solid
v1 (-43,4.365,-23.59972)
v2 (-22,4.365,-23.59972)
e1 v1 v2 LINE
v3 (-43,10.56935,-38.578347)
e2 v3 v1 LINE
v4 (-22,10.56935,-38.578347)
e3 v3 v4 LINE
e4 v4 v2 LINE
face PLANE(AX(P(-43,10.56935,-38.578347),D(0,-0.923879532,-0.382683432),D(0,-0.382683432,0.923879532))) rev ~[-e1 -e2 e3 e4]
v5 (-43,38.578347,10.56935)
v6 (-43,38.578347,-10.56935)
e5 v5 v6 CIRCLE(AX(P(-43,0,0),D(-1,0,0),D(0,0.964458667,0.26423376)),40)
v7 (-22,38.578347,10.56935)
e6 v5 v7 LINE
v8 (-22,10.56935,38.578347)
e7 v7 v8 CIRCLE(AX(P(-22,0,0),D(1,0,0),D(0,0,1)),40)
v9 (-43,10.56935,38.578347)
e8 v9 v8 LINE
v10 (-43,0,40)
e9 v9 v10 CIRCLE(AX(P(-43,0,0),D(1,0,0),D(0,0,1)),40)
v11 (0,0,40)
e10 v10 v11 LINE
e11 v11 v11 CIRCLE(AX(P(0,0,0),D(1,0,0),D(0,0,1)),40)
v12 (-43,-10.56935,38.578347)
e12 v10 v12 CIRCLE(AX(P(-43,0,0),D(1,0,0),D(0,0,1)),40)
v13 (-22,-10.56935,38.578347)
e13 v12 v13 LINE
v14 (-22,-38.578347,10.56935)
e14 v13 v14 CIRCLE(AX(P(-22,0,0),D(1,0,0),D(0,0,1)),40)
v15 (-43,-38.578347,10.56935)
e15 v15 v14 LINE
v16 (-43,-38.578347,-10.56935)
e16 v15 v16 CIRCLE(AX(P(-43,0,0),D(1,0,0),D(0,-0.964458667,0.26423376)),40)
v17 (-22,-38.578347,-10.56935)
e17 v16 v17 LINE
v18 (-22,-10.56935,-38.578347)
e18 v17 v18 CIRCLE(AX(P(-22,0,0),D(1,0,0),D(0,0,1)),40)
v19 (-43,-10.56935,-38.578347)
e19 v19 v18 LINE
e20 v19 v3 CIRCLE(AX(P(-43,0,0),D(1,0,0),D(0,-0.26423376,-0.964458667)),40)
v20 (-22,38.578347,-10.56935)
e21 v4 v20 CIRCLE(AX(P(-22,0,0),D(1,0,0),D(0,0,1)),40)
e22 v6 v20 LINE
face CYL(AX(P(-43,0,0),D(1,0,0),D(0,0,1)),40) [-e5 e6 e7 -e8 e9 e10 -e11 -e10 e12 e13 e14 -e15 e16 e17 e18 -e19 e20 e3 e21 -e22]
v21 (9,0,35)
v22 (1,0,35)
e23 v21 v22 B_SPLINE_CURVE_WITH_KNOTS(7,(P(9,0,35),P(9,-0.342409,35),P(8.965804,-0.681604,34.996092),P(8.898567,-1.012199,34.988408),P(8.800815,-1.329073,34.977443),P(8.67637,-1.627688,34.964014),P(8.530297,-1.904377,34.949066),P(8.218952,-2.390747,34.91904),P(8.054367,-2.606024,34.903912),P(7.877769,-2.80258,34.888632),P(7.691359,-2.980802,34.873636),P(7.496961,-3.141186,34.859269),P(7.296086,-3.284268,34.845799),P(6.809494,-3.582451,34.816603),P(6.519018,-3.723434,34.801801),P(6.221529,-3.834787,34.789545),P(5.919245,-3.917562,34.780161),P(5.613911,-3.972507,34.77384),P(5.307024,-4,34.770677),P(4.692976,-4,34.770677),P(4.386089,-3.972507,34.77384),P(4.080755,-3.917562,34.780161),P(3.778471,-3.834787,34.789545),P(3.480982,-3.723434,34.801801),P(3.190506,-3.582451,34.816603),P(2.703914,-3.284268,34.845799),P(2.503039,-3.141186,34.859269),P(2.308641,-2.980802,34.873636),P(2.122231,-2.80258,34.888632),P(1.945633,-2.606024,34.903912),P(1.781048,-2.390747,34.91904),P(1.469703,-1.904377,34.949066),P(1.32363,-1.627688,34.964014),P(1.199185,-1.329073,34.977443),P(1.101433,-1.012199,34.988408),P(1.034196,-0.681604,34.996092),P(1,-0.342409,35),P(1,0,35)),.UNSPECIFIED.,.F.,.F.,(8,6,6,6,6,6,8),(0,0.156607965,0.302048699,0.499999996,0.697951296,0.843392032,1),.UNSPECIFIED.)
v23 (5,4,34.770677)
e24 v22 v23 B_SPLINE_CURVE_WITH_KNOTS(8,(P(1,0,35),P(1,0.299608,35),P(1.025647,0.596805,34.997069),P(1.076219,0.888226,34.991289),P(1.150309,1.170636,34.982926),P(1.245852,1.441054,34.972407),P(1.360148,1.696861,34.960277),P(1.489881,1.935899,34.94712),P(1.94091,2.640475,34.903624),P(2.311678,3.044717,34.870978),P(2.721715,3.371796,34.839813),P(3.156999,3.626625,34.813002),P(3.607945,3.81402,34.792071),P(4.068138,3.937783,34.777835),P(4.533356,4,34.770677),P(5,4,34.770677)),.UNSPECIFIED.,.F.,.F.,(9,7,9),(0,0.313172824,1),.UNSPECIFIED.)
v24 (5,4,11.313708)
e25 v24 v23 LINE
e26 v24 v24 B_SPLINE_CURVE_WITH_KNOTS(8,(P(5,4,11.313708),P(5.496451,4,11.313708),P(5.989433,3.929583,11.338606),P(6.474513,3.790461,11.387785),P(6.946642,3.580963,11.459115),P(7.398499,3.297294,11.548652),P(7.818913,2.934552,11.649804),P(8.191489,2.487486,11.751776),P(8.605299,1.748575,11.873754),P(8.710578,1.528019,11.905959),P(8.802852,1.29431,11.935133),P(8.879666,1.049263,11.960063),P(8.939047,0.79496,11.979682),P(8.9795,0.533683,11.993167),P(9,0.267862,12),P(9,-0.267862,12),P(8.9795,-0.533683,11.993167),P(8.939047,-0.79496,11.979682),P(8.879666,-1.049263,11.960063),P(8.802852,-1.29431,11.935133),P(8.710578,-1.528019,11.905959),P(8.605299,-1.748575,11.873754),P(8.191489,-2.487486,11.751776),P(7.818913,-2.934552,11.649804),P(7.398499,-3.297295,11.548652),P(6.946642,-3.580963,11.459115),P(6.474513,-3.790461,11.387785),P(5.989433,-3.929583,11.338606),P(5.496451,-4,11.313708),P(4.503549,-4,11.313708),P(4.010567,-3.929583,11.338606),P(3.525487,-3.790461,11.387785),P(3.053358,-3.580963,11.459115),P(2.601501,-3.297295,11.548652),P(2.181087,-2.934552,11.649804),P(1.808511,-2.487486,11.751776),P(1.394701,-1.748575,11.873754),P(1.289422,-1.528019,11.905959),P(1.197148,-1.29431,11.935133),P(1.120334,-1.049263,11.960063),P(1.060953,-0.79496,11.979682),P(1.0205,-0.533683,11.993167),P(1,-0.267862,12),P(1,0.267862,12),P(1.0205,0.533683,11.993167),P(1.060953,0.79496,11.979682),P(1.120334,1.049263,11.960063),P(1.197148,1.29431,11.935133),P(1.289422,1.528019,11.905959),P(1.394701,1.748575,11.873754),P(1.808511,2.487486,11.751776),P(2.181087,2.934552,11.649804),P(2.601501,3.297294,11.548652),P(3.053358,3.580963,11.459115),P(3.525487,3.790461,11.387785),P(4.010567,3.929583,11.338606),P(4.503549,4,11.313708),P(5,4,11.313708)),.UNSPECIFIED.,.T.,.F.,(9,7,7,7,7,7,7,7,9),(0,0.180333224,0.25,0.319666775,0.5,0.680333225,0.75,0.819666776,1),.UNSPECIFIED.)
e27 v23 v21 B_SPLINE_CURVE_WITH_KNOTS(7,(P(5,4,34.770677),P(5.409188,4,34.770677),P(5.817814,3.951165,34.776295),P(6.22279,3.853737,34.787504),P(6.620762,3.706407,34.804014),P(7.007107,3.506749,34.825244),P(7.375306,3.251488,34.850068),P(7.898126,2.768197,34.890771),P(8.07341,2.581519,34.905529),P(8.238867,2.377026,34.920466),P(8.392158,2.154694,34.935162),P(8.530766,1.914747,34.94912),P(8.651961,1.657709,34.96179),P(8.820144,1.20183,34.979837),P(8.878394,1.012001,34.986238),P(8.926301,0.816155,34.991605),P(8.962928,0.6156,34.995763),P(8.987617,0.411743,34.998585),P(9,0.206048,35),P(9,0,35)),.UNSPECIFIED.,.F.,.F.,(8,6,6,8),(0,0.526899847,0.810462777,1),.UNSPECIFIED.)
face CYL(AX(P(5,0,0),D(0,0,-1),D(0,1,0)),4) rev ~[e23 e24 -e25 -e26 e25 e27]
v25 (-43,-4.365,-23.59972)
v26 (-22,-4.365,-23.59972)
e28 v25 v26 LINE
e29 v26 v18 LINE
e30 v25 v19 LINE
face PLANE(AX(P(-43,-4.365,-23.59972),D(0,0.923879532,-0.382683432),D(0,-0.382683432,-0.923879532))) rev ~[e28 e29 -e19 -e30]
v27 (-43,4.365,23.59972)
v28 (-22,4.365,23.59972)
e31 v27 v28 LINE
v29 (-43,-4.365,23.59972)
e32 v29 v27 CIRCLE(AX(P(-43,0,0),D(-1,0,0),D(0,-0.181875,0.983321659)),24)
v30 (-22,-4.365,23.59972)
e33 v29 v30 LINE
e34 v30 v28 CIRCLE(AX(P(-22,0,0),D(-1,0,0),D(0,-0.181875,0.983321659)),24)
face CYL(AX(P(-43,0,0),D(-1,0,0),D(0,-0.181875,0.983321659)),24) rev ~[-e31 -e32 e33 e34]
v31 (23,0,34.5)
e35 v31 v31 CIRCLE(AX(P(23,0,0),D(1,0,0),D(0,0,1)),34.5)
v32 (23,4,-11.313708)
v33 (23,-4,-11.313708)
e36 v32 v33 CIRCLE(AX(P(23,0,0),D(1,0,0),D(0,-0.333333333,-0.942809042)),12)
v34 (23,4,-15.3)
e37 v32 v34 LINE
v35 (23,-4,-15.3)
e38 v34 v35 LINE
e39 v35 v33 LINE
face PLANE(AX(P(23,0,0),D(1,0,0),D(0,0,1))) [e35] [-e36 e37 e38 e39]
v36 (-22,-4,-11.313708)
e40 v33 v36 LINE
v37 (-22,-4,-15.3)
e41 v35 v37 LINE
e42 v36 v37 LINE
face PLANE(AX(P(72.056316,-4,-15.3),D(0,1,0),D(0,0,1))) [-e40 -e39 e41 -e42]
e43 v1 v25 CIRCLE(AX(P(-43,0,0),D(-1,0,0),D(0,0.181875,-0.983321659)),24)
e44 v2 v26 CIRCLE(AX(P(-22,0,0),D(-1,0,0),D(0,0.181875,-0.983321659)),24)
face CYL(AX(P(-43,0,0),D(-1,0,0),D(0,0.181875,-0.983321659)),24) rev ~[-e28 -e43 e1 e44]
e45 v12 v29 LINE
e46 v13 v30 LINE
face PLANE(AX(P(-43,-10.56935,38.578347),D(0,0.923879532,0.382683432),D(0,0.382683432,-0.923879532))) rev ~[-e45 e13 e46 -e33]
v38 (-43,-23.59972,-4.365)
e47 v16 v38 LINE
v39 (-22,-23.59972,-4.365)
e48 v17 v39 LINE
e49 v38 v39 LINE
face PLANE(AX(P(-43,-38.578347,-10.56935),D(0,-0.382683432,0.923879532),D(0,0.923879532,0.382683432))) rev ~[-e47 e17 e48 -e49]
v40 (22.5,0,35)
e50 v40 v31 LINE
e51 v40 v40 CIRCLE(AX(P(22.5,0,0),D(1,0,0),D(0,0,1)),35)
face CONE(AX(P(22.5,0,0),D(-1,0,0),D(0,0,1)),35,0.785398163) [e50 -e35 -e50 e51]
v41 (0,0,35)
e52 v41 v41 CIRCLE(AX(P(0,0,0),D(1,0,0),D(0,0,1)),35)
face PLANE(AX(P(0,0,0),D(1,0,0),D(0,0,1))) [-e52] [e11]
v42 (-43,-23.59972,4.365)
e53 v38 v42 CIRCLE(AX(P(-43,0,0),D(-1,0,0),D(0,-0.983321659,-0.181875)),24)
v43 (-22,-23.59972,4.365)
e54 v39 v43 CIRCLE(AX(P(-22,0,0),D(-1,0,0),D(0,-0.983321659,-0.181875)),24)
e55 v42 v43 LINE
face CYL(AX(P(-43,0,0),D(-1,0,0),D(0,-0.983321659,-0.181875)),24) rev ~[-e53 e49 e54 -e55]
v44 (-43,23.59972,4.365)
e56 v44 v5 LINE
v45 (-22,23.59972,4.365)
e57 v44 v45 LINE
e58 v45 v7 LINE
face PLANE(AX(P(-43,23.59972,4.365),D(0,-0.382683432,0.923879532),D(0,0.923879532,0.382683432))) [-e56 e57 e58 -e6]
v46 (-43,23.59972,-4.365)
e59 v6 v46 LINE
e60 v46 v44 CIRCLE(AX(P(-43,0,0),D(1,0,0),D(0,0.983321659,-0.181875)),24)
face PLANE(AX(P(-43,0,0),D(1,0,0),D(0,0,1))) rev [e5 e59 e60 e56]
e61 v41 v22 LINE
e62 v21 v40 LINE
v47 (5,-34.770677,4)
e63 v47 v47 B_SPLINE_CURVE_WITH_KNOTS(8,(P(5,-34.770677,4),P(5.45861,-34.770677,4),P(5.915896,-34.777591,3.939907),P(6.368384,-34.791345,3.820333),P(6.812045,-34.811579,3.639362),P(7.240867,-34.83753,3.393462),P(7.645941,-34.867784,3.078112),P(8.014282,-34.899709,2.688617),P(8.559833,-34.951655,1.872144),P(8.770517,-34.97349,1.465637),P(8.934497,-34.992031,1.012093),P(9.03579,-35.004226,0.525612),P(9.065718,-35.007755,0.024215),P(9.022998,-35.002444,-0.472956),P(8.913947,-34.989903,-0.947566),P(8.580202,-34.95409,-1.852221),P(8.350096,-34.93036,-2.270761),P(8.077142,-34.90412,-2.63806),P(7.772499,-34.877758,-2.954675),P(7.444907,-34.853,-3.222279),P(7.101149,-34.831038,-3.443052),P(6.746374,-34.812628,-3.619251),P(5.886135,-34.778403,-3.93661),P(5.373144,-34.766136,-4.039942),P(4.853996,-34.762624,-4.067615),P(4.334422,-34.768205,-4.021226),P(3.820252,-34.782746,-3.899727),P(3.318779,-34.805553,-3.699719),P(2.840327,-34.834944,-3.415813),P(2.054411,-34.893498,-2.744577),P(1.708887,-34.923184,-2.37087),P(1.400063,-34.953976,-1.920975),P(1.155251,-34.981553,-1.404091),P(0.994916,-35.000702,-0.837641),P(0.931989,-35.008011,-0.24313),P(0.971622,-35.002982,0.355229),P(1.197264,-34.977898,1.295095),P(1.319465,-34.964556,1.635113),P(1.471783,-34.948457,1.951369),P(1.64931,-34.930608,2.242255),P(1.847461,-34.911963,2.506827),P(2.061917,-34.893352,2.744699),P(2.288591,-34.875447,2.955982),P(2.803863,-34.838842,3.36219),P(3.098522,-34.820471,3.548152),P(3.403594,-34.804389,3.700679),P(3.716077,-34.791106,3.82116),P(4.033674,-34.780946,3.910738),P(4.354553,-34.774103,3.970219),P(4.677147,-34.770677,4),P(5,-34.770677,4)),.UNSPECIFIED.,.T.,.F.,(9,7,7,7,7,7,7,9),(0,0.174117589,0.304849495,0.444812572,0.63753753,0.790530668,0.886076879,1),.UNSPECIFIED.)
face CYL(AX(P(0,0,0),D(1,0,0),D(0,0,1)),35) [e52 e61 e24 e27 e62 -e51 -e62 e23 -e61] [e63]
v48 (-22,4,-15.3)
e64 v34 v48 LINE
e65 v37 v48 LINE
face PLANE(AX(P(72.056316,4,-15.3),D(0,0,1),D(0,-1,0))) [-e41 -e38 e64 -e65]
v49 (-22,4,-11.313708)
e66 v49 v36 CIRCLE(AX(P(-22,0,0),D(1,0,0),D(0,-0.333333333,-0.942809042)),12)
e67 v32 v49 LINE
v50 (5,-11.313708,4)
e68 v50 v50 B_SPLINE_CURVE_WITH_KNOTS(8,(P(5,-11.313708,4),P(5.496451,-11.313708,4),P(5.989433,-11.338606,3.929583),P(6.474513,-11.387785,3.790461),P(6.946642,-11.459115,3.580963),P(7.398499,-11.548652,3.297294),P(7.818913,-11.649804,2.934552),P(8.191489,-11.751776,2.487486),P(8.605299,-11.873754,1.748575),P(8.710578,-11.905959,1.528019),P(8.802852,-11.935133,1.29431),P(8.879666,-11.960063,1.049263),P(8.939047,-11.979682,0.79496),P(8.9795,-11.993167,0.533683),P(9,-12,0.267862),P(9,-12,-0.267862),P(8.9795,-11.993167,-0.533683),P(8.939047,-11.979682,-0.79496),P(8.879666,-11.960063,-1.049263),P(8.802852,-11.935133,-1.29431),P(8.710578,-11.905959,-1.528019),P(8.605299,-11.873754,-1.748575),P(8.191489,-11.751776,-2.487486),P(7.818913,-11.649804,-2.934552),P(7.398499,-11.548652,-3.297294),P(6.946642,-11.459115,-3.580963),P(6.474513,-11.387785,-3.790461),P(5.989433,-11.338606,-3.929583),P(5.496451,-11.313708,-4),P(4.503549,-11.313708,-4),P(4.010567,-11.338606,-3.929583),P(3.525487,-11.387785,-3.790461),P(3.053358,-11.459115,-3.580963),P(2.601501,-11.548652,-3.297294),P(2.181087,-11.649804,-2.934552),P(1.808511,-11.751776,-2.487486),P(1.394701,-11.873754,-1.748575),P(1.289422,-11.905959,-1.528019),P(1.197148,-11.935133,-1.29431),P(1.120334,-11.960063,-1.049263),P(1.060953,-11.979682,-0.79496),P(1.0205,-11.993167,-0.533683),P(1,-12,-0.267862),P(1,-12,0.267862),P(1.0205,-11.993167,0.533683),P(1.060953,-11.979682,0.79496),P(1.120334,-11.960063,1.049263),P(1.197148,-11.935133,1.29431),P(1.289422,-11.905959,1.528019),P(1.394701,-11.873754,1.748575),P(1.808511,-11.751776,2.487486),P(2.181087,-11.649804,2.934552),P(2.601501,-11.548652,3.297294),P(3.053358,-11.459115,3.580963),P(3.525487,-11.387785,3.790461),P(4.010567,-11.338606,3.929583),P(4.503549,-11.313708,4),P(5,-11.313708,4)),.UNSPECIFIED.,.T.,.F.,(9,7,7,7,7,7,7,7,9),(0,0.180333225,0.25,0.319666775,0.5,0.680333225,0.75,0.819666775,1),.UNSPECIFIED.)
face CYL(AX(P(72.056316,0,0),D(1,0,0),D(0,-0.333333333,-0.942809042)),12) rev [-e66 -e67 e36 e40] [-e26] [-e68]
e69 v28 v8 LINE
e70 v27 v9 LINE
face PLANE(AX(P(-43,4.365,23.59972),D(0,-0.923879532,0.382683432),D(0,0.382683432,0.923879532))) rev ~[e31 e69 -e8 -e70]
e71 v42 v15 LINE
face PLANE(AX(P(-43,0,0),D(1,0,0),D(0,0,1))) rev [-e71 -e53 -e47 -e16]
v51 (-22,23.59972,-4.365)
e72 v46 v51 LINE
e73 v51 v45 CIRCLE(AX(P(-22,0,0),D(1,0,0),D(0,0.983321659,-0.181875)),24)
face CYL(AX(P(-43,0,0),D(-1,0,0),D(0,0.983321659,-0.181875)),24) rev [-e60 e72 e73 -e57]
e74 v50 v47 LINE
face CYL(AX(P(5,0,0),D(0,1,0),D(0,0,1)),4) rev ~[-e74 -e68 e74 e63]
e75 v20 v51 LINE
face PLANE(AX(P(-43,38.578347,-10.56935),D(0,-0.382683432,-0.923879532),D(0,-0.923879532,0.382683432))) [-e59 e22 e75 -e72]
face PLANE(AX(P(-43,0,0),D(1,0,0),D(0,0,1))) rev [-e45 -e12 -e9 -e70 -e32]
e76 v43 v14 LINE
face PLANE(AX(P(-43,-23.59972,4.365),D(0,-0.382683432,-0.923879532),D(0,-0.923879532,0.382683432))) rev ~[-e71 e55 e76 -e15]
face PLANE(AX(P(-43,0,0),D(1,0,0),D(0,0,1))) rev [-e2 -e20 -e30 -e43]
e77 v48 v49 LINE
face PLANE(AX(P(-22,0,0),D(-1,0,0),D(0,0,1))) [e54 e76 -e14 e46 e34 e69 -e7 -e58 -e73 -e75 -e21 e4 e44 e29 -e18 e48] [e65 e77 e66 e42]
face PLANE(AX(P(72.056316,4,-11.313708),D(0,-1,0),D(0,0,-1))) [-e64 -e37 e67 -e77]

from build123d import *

# Parameters (mm, degrees)
CHAMFER1_SIZE           = 0.5
SKETCH2_OUTSIDE_W       = 108.196
SKETCH2_OUTSIDE_H       = 108.196
CUT_EXTRUDE1_DEPTH      = 21
CUT_EXTRUDE2_DEPTH      = 72.056315694
CUT_EXTRUDE2_DEPTH_BACK = 72.056315694
SKETCH6_R               = 4
CUT_EXTRUDE3_DEPTH      = 72.056315694
CIRPATTERN1_COUNT       = 2
CIRPATTERN1_ANGLE       = 90


with BuildPart() as part:
    # Sketch1 → Revolve1 (revolve)
    with BuildSketch(Plane.XY, mode=Mode.PRIVATE) as revolve1_sk:
        Polygon((-43, 40), (0, 40), (0, 35), (23, 35), (23, 0), (-43, 0), align=None)
    revolve(revolve1_sk.sketch.rotate(Axis((-50.16, 0, 0), (1, 0, 0)), 90), axis=Axis((-50.16, 0, 0), (1, 0, 0)))

    # Chamfer1
    chamfer1_edges = [part.edges().sort_by_distance(p)[0] for p in [
        (23, 0, -35),
    ]]
    chamfer(chamfer1_edges, length=CHAMFER1_SIZE)

    # Sketch2 outside → Cut-Extrude1 (cut)
    with BuildSketch(Plane.ZY.offset(43)):
        Rectangle(SKETCH2_OUTSIDE_W, SKETCH2_OUTSIDE_H)
        with BuildLine():
            Line((38.578346676, -10.569350395), (23.599719808, -4.365))
            ThreePointArc((23.599719808, -4.365), (24, 0), (23.599719808, 4.365))
            Line((23.599719808, 4.365), (38.578346676, 10.569350395))
            ThreePointArc((38.578346676, 10.569350395), (40, 0), (38.578346676, -10.569350395))
        make_face(mode=Mode.SUBTRACT)
        with BuildLine():
            Line((-10.569350395, 38.578346676), (-4.365, 23.599719808))
            ThreePointArc((-4.365, 23.599719808), (0, 24), (4.365, 23.599719808))
            Line((4.365, 23.599719808), (10.569350395, 38.578346676))
            ThreePointArc((10.569350395, 38.578346676), (0, 40), (-10.569350395, 38.578346676))
        make_face(mode=Mode.SUBTRACT)
        with BuildLine():
            Line((-10.569350395, -38.578346676), (-4.365, -23.599719808))
            ThreePointArc((-4.365, -23.599719808), (0, -24), (4.365, -23.599719808))
            Line((4.365, -23.599719808), (10.569350395, -38.578346676))
            ThreePointArc((10.569350395, -38.578346676), (0, -40), (-10.569350395, -38.578346676))
        make_face(mode=Mode.SUBTRACT)
        with BuildLine():
            Line((-38.578346676, 10.569350395), (-23.599719808, 4.365))
            ThreePointArc((-23.599719808, 4.365), (-24, 0), (-23.599719808, -4.365))
            Line((-23.599719808, -4.365), (-38.578346676, -10.569350395))
            ThreePointArc((-38.578346676, -10.569350395), (-40, 0), (-38.578346676, 10.569350395))
        make_face(mode=Mode.SUBTRACT)
    extrude(amount=-CUT_EXTRUDE1_DEPTH, mode=Mode.SUBTRACT)

    # Sketch4 → Cut-Extrude2 (cut, two sides: drawn at the far end of the back side and taken through both)
    with BuildSketch(Plane.ZY.offset(-CUT_EXTRUDE2_DEPTH_BACK)):
        with BuildLine():
            Line((-15.3, -4), (-11.313708499, -4))
            ThreePointArc((-11.313708499, -4), (12, 0), (-11.313708499, 4))
            Line((-11.313708499, 4), (-15.3, 4))
            Line((-15.3, 4), (-15.3, -4))
        make_face()
    extrude(amount=CUT_EXTRUDE2_DEPTH + CUT_EXTRUDE2_DEPTH_BACK, mode=Mode.SUBTRACT)

    # Sketch6 → Cut-Extrude3 (cut, through all)
    with BuildSketch(Plane(origin=(0, 0, 0), x_dir=(1, 0, 0), z_dir=(0, 1, 0))):
        with Locations(Location((5, 0, 0), (0, 0, 270))):
            Circle(SKETCH6_R)
    cut_extrude3 = extrude(amount=-CUT_EXTRUDE3_DEPTH, mode=Mode.SUBTRACT)

    # CirPattern1: Cut-Extrude3 ×2 about axis
    cirpattern1_axis = Axis((0, 0, 0), (-1, 0, 0))
    for i in range(1, CIRPATTERN1_COUNT):
        add(cut_extrude3.rotate(cirpattern1_axis, i * CIRPATTERN1_ANGLE / (CIRPATTERN1_COUNT - 1)), mode=Mode.SUBTRACT)


solid = part.part
